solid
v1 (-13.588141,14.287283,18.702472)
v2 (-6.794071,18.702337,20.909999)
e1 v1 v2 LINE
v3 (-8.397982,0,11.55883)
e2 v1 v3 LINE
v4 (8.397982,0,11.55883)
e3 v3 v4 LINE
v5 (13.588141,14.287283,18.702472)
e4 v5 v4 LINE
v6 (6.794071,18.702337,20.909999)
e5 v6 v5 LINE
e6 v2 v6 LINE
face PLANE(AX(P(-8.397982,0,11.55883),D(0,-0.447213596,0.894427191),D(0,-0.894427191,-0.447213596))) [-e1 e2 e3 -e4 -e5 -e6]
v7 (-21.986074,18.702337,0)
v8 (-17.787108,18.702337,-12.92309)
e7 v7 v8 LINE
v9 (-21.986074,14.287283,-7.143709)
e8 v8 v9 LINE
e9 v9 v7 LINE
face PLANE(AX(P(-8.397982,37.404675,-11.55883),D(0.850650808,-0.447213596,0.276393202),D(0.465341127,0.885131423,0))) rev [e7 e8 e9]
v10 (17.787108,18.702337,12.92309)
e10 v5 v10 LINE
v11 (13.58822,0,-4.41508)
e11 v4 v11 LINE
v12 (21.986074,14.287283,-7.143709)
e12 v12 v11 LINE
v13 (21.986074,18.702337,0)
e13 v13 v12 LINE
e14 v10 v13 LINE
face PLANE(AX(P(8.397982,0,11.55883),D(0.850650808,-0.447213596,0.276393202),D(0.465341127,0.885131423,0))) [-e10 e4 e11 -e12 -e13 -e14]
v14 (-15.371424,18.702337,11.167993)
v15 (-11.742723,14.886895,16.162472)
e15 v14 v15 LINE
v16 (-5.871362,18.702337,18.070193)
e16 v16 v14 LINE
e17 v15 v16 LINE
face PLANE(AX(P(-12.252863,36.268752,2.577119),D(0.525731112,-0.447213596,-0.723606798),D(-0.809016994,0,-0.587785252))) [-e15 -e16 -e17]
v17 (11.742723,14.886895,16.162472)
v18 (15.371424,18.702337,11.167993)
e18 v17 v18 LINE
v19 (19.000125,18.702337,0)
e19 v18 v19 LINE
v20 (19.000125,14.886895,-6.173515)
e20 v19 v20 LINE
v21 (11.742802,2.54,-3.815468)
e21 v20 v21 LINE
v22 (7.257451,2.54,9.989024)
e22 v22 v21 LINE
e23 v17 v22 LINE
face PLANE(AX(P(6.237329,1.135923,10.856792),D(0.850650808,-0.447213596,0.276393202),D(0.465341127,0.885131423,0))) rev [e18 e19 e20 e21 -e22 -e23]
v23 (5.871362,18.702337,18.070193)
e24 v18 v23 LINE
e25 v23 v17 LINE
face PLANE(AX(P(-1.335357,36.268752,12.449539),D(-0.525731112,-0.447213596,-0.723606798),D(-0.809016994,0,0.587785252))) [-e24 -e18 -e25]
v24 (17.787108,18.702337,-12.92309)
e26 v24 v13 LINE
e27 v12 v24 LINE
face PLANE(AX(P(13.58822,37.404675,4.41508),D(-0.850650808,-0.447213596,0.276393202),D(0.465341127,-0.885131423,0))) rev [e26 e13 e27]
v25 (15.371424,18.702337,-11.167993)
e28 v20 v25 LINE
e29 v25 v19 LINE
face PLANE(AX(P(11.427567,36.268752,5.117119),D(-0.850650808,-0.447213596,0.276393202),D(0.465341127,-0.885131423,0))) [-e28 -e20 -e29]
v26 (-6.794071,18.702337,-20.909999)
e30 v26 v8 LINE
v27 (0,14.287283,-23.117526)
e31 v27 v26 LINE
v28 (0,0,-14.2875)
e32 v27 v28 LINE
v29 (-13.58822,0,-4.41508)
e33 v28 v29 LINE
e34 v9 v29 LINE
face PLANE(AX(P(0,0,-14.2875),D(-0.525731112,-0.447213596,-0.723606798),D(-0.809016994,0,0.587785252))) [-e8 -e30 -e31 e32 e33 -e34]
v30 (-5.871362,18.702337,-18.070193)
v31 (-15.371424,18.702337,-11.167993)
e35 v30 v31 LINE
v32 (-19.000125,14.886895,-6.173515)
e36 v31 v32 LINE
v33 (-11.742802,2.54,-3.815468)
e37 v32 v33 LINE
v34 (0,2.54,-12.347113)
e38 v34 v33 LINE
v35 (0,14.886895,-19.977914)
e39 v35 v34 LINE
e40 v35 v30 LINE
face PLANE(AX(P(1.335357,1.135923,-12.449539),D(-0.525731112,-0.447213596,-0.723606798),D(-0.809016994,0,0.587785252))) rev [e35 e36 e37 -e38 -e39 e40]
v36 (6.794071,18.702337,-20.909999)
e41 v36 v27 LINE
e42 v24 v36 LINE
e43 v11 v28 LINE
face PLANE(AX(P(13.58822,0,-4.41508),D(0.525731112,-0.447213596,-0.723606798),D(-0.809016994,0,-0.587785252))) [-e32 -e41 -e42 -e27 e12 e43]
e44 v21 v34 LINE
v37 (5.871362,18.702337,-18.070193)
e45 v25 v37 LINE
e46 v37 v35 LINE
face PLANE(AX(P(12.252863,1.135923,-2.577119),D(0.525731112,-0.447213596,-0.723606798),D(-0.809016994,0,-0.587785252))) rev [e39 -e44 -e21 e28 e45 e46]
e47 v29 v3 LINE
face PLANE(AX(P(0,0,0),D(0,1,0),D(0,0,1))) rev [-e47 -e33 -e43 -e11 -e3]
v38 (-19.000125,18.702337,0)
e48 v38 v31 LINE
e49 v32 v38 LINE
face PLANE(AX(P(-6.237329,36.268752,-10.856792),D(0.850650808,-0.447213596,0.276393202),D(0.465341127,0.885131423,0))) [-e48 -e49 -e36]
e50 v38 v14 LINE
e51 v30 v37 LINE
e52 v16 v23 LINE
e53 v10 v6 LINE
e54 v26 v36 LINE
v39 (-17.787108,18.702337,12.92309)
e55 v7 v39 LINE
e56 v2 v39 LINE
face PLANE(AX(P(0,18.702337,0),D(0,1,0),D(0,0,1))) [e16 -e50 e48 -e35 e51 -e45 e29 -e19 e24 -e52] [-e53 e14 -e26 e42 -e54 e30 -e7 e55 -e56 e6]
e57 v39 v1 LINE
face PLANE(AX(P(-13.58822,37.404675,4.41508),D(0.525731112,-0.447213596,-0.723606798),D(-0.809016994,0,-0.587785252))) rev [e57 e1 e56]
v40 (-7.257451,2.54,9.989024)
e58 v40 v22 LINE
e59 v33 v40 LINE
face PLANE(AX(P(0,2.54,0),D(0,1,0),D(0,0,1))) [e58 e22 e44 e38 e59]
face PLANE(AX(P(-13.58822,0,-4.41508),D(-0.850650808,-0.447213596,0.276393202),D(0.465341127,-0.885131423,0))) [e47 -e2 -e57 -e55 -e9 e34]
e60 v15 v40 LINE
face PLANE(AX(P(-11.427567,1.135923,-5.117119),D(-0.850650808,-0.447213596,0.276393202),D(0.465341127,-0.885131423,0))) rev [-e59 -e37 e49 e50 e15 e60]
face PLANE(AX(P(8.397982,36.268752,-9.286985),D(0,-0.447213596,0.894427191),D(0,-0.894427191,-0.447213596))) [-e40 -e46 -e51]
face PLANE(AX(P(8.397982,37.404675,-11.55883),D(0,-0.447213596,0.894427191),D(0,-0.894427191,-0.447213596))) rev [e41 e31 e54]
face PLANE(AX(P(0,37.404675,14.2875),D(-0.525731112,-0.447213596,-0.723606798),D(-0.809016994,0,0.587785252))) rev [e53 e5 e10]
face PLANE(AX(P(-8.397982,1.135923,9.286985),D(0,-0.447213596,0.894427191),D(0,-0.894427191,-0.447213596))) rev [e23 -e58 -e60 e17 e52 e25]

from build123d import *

# Parameters (mm, degrees)
BOSS_EXTRUDE1_DEPTH = 33.2486
BOSS_EXTRUDE1_TAPER = -26.56505118
SKETCH2_OUTSIDE_W   = 117.17
SKETCH2_OUTSIDE_H   = 114.076
CUT_EXTRUDE1_DEPTH  = 33.2486
CUT_EXTRUDE1_TAPER  = 26.56505118
SCALE1_SCALE        = 1.125
SKETCH3_W           = 93.211542344
SKETCH3_H           = 68.986167311
CUT_EXTRUDE2_DEPTH  = 19.7023376
SHELL1_T            = -2.54


with BuildPart() as part:
    # Sketch1 → Boss-Extrude1 (new body)
    with BuildSketch(Plane(origin=(0, 0, 0), x_dir=(1, 0, 0), z_dir=(0, 1, 0))):
        Polygon((12.078417757, 3.924515829), (0, 12.7), (-12.078417757, 3.924515829), (-7.464872704, -10.274515829), (7.464872704, -10.274515829), align=None)
    extrude(amount=BOSS_EXTRUDE1_DEPTH, taper=BOSS_EXTRUDE1_TAPER)

    # Sketch2 outside → Cut-Extrude1 (cut)
    with BuildSketch(Plane(origin=(0, 33.2486, 0), x_dir=(1, 0, 0), z_dir=(0, 1, 0))):
        with Locations((0, 3.175)):
            Rectangle(SKETCH2_OUTSIDE_W, SKETCH2_OUTSIDE_H)
        Polygon((7.464872704, 10.274515829), (-7.464872704, 10.274515829), (-12.078417757, -3.924515829), (0, -12.7), (12.078417757, -3.924515829), align=None, mode=Mode.SUBTRACT)
    extrude(amount=-CUT_EXTRUDE1_DEPTH, taper=CUT_EXTRUDE1_TAPER, mode=Mode.SUBTRACT)


with BuildPart() as part_1:
    # Scale1: scaled about (0, 0, 0)
    add(part.part.scale(SCALE1_SCALE))

    # Sketch3 → Cut-Extrude2 (cut, through all)
    with BuildSketch(Plane(origin=(0, 18.7023375, 0), x_dir=(1, 0, 0), z_dir=(0, 1, 0))):
        with Locations((6.510218593, 0.168740009)):
            Rectangle(SKETCH3_W, SKETCH3_H)
    extrude(amount=CUT_EXTRUDE2_DEPTH, mode=Mode.SUBTRACT)

    # Shell1
    shell1_openings = [part_1.faces().sort_by_distance(p)[0] for p in [
        (0, 18.7023375, 0),
    ]]
    offset(amount=SHELL1_T, openings=shell1_openings, kind=Kind.INTERSECTION)


solid = part_1.part
